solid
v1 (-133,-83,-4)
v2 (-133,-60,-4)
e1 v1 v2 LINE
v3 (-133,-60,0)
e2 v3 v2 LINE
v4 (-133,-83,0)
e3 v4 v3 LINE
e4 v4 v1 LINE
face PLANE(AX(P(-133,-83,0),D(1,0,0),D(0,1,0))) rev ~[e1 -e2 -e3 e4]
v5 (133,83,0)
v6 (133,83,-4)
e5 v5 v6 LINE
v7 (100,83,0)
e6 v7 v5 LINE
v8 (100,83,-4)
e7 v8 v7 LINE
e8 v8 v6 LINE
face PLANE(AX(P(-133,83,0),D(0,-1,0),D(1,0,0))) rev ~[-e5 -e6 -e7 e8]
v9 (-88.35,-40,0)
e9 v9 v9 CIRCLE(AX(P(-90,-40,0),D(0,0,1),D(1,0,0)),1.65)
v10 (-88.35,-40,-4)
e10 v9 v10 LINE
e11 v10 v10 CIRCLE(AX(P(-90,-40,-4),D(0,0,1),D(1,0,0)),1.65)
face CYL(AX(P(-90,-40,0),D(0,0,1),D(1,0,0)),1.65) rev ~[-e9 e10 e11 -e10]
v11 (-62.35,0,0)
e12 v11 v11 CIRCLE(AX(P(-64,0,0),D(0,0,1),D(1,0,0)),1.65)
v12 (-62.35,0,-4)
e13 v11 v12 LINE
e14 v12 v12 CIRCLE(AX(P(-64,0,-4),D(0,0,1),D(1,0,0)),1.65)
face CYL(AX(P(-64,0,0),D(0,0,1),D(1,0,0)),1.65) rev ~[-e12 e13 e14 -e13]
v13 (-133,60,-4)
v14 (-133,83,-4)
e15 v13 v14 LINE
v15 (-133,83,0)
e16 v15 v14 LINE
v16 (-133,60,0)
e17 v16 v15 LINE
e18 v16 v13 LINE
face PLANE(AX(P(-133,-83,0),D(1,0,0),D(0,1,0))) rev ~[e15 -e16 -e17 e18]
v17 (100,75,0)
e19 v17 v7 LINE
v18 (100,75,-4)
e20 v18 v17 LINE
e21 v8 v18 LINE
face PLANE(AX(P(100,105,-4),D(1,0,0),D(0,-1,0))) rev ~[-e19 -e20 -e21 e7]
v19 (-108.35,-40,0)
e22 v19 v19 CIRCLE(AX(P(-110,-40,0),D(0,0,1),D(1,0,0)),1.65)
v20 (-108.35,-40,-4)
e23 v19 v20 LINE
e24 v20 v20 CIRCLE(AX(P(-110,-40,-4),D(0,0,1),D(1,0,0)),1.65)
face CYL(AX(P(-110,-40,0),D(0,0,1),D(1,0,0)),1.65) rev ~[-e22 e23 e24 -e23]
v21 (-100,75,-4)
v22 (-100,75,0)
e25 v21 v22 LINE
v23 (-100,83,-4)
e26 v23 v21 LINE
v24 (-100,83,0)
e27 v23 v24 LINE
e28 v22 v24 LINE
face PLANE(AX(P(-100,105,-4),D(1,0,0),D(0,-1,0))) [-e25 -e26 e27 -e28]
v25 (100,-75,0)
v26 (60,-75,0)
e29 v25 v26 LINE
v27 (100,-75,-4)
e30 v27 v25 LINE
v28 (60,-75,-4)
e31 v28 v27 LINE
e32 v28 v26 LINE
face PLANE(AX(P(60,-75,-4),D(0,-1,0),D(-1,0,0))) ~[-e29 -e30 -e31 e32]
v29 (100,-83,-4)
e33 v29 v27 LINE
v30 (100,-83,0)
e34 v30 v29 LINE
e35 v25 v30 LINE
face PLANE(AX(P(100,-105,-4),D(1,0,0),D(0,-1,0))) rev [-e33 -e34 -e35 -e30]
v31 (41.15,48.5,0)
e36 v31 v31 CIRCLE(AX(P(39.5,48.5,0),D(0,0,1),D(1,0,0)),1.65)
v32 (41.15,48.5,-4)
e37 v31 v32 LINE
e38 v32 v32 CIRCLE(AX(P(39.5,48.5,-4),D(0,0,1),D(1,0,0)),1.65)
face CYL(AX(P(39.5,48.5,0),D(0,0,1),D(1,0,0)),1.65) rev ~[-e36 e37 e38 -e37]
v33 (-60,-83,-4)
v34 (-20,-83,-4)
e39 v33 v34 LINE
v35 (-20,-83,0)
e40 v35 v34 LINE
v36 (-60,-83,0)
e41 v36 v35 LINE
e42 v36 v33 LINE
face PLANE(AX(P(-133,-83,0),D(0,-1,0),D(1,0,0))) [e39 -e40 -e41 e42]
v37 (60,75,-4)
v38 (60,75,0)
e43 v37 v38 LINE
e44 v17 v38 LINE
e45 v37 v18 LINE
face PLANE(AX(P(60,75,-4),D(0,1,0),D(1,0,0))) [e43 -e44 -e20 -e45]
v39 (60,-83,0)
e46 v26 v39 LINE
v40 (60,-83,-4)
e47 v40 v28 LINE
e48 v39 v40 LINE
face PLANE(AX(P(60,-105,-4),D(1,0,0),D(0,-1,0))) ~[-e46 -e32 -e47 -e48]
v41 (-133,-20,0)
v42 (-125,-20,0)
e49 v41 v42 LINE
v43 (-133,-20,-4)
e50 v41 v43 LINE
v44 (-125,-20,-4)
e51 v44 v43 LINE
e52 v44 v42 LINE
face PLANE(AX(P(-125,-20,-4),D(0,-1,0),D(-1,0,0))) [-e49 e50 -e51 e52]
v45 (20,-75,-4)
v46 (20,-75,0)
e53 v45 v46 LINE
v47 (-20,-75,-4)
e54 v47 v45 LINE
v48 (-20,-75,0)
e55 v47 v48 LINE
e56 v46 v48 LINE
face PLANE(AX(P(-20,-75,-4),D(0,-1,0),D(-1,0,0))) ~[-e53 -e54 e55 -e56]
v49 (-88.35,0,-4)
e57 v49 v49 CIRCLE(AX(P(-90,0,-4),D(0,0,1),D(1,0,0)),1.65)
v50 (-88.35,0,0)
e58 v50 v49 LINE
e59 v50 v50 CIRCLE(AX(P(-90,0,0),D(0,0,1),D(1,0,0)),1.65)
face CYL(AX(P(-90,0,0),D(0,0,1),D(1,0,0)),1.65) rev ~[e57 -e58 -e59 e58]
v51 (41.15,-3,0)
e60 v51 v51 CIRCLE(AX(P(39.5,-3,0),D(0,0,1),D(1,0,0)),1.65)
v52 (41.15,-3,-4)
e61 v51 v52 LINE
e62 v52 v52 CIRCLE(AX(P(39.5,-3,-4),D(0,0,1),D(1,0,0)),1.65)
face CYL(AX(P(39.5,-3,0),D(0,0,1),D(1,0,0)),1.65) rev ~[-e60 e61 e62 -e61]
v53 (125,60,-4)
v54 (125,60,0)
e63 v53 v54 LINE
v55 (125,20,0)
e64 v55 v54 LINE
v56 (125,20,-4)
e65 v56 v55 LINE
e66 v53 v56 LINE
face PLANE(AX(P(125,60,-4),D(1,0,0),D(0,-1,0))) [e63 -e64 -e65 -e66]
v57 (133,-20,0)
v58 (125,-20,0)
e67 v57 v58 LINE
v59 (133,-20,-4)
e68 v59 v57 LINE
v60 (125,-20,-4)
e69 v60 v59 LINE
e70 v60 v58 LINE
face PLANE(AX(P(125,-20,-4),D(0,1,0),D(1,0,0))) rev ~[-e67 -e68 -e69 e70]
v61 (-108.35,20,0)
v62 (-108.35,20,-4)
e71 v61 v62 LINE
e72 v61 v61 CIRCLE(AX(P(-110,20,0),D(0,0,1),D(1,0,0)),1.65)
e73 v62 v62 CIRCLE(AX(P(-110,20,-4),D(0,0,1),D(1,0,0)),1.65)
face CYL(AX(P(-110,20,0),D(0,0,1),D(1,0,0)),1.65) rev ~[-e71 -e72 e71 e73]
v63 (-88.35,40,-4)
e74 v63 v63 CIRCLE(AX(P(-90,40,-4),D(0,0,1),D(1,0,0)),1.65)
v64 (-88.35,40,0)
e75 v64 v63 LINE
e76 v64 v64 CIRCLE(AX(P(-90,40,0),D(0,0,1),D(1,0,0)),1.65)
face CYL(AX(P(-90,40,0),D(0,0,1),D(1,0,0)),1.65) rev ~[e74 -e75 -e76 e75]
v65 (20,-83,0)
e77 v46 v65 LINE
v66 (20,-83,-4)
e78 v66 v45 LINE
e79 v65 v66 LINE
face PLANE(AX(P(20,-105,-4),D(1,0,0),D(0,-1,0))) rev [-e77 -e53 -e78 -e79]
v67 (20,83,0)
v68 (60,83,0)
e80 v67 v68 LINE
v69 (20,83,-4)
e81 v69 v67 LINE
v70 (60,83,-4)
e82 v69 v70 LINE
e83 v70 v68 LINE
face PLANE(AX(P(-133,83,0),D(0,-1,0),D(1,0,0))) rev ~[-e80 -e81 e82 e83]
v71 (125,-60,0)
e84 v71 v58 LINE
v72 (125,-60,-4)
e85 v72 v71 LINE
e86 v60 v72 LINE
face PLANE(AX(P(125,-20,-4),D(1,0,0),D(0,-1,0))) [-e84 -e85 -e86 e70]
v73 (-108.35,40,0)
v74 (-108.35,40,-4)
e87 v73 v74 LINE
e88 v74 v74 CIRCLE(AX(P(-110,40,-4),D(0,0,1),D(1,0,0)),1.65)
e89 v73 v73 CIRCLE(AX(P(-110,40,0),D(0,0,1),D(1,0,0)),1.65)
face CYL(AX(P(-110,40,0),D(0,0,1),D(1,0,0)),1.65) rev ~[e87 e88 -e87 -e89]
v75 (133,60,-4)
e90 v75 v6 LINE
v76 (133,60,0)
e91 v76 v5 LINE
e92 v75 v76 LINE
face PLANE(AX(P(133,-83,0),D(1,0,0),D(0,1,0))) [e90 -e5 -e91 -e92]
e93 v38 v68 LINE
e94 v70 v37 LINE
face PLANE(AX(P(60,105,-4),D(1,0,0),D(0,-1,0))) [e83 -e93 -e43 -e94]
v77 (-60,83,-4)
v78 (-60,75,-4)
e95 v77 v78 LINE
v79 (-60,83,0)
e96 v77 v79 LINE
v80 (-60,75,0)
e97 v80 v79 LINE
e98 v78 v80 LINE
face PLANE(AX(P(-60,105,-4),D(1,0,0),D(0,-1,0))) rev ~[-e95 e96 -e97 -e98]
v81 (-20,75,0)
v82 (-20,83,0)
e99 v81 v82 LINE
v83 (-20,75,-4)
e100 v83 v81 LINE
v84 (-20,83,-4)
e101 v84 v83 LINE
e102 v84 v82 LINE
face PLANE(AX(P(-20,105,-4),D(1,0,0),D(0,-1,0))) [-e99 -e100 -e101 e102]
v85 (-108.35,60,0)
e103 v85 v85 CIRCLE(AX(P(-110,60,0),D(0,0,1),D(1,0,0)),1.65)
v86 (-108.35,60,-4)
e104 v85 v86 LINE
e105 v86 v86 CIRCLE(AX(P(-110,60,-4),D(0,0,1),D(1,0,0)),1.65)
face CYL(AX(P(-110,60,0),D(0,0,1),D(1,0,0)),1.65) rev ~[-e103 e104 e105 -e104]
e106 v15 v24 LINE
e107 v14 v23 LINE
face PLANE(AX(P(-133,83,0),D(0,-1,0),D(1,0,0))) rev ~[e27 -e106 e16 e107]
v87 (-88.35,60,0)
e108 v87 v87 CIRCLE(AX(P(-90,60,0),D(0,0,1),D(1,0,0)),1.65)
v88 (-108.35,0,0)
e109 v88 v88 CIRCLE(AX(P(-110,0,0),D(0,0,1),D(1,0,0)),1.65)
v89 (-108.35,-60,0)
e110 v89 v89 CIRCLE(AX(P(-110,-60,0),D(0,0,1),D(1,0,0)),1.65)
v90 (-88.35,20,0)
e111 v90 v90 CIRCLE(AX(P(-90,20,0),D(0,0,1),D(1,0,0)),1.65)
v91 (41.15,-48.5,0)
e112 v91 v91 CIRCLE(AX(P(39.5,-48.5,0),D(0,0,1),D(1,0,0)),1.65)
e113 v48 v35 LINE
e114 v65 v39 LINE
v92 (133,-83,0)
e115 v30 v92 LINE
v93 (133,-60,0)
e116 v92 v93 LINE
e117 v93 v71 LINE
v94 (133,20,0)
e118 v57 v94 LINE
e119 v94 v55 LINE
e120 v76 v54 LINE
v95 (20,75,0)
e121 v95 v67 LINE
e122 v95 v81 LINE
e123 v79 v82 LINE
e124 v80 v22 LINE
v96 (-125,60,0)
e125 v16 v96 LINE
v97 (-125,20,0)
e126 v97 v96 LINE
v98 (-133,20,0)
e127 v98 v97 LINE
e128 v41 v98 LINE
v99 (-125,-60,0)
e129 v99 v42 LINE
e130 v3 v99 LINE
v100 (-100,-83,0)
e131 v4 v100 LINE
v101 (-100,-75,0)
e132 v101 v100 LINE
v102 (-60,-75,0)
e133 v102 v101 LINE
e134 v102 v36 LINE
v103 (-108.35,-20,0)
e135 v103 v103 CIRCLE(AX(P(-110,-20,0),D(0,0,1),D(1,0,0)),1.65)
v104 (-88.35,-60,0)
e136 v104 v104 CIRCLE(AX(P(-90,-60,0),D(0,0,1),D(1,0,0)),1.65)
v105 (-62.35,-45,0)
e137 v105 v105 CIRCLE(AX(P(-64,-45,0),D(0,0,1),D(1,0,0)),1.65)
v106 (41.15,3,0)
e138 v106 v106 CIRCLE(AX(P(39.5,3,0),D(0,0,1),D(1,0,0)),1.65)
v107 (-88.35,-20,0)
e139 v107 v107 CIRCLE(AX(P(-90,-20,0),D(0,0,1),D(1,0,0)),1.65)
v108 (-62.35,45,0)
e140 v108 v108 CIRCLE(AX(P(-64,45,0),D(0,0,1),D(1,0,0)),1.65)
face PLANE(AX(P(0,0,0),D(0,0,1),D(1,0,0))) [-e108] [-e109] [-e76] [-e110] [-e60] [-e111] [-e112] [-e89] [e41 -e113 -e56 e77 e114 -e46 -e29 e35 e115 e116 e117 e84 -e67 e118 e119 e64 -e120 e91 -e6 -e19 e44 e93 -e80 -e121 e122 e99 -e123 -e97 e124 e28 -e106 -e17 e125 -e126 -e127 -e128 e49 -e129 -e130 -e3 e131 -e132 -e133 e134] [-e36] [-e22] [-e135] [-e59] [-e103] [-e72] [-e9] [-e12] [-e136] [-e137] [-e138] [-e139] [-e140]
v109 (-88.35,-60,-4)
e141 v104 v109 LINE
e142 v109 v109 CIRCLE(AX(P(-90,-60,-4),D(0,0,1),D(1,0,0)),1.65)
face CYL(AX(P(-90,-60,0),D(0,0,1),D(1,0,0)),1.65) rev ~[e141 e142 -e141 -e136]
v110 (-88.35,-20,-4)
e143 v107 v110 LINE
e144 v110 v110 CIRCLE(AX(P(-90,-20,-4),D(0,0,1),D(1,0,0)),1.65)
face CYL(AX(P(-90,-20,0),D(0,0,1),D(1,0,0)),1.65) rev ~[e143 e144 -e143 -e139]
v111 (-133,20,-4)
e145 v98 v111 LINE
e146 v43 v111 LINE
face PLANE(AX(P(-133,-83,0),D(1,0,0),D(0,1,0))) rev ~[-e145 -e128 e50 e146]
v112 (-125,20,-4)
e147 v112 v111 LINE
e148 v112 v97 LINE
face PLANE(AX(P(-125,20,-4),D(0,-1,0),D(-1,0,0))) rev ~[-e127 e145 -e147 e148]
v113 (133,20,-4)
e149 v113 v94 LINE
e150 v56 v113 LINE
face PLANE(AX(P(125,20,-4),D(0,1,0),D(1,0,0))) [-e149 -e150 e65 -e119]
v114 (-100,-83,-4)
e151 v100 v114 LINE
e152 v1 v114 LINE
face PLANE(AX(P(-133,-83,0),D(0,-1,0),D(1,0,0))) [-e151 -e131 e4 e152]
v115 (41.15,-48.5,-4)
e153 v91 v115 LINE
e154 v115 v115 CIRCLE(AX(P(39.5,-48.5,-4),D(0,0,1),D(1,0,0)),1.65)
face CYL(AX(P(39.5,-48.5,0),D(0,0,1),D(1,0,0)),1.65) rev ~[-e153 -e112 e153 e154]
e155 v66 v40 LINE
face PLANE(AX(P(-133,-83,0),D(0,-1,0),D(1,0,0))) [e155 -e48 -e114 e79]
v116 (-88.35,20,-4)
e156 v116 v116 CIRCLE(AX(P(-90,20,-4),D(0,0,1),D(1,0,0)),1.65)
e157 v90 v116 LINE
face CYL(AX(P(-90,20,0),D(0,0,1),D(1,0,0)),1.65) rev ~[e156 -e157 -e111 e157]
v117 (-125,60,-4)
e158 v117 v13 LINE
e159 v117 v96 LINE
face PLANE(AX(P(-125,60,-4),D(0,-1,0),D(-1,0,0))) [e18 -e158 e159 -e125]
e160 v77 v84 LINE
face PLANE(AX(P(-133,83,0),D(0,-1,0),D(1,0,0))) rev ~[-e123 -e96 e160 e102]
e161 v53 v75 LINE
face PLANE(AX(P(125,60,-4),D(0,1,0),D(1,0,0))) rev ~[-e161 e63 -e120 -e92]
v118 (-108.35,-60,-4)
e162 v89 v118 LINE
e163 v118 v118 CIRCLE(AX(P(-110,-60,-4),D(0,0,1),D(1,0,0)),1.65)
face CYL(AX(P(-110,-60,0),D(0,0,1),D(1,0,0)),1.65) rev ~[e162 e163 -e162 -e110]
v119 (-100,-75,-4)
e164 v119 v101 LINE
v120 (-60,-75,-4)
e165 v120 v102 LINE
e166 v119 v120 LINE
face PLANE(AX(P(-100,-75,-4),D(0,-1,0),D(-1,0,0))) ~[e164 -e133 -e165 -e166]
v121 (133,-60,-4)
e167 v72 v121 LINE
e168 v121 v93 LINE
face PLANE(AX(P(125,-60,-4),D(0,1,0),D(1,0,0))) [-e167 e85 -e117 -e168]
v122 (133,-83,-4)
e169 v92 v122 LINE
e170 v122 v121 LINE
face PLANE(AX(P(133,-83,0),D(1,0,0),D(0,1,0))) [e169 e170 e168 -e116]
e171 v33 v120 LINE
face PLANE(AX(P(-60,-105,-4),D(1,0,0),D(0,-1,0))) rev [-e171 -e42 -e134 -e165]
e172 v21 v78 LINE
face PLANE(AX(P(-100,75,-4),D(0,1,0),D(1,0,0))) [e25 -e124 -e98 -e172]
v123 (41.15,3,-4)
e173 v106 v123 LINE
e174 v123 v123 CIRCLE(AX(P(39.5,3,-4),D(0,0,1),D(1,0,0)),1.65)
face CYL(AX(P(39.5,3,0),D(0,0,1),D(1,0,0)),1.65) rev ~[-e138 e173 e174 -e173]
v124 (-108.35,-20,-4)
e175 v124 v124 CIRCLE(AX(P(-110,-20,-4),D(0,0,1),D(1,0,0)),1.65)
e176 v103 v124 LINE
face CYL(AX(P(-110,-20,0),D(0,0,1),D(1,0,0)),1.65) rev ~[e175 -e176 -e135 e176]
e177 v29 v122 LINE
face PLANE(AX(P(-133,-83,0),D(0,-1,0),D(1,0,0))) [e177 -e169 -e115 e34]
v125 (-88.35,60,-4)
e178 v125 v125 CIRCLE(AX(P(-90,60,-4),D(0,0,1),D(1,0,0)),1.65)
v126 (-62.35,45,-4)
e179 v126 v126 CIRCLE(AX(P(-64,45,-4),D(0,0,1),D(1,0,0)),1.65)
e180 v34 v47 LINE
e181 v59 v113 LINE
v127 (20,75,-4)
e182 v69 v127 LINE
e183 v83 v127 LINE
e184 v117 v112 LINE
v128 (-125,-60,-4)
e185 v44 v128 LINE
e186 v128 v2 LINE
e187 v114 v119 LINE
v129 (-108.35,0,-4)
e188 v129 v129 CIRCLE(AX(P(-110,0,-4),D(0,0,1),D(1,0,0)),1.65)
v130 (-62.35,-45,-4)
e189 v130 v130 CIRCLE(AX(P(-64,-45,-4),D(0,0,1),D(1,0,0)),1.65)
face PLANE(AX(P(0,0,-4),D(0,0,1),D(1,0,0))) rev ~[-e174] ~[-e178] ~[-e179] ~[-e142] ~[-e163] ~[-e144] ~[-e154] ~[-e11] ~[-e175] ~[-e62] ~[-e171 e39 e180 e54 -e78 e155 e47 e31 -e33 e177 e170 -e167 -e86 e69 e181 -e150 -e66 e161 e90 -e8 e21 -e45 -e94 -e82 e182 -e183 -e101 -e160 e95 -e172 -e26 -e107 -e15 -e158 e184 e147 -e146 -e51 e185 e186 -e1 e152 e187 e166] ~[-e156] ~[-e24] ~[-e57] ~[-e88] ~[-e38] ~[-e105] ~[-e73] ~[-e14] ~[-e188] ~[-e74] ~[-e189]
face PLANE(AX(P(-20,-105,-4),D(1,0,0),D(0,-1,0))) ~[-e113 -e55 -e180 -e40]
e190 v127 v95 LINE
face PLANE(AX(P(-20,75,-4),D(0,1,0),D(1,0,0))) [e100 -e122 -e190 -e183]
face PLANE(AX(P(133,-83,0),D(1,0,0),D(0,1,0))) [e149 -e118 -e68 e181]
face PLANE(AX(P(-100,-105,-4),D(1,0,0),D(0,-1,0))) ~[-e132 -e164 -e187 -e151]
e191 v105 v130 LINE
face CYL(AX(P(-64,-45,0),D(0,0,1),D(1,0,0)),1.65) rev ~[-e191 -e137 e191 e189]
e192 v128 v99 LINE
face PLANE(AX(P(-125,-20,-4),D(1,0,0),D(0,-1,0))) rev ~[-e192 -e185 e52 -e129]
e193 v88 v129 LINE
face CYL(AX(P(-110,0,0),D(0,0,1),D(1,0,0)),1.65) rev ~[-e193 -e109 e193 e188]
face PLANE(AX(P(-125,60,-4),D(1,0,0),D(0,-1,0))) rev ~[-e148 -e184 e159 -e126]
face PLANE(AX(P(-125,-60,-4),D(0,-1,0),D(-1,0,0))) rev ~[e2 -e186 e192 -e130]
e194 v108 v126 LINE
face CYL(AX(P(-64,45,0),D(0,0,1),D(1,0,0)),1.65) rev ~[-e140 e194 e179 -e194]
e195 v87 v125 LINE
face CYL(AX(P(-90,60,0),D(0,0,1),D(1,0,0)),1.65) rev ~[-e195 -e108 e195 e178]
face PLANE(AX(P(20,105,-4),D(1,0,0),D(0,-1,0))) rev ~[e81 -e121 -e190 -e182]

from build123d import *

# Parameters (mm, degrees)
SKETCH001_W                   = 266
SKETCH001_H                   = 166
PAD_DEPTH                     = 4
SKETCH016_W                   = 30
SKETCH016_H                   = 40
SKETCH016_W_2                 = 40
SKETCH016_H_2                 = 30
POCKET001_DEPTH               = 631.146916
SKETCH016_MIRRORED002_2_W     = 30
SKETCH016_MIRRORED002_2_H     = 40
SKETCH016_MIRRORED002_2_W_2   = 40
SKETCH016_MIRRORED002_2_H_2   = 30
POCKET001_MIRRORED002_2_DEPTH = 631.146916
SKETCH035_R                   = 1.65
HOLE001_DEPTH                 = 4.001


with BuildPart() as part:
    # Sketch001 → Pad (new body)
    with BuildSketch(Plane.XY):
        Rectangle(SKETCH001_W, SKETCH001_H)
    extrude(amount=-PAD_DEPTH)

    # Sketch016 (on Face6 of Pad) → Pocket001 (cut, through all)
    with BuildSketch(Plane(origin=(0, 0, -4), x_dir=(1, 0, 0), z_dir=(0, 0, -1))):
        with Locations((140, 40)):
            Rectangle(SKETCH016_W, SKETCH016_H)
        with Locations((140, -40)):
            Rectangle(SKETCH016_W, SKETCH016_H)
        with Locations((80, -90)):
            Rectangle(SKETCH016_W_2, SKETCH016_H_2)
        with Locations((0, -90)):
            Rectangle(SKETCH016_W_2, SKETCH016_H_2)
        with Locations((-80, -90)):
            Rectangle(SKETCH016_W_2, SKETCH016_H_2)
    pocket001 = extrude(amount=-POCKET001_DEPTH, mode=Mode.SUBTRACT)

    # Sketch016 Mirrored002 2 → Pocket001 Mirrored002 2 (cut, through all)
    with BuildSketch(Plane(origin=(0, 0, -4), x_dir=(-1, 0, 0), z_dir=(0, 0, 1))):
        with Locations((140, 40)):
            Rectangle(SKETCH016_MIRRORED002_2_W, SKETCH016_MIRRORED002_2_H)
        with Locations((140, -40)):
            Rectangle(SKETCH016_MIRRORED002_2_W, SKETCH016_MIRRORED002_2_H)
        with Locations((80, -90)):
            Rectangle(SKETCH016_MIRRORED002_2_W_2, SKETCH016_MIRRORED002_2_H_2)
        with Locations((0, -90)):
            Rectangle(SKETCH016_MIRRORED002_2_W_2, SKETCH016_MIRRORED002_2_H_2)
        with Locations((-80, -90)):
            Rectangle(SKETCH016_MIRRORED002_2_W_2, SKETCH016_MIRRORED002_2_H_2)
    pocket001_mirrored002_2 = extrude(amount=POCKET001_MIRRORED002_2_DEPTH, mode=Mode.SUBTRACT)

    # Mirrored003: Pocket001, Pocket001 Mirrored002 2 across Sketch016 H_Axis
    add(pocket001.mirror(Plane(origin=(0, 0, -4), x_dir=(0, 0, -1), z_dir=(0, -1, 0))), mode=Mode.SUBTRACT)
    add(pocket001_mirrored002_2.mirror(Plane(origin=(0, 0, -4), x_dir=(0, 0, -1), z_dir=(0, -1, 0))), mode=Mode.SUBTRACT)

    # Sketch035 (on Face2 of MultiTransform) → Hole001 (cut, through all)
    with BuildSketch(Plane.XY):
        with Locations((-64, 45)):
            Circle(SKETCH035_R)
        with Locations((39.5, 48.5)):
            Circle(SKETCH035_R)
        with Locations((39.5, 3)):
            Circle(SKETCH035_R)
        with Locations((39.5, -3)):
            Circle(SKETCH035_R)
        with Locations((39.5, -48.5)):
            Circle(SKETCH035_R)
        with Locations((-64, -45)):
            Circle(SKETCH035_R)
        with Locations((-64, 0)):
            Circle(SKETCH035_R)
        with Locations((-110, -60)):
            Circle(SKETCH035_R)
        with Locations((-90, -60)):
            Circle(SKETCH035_R)
        with Locations((-110, -40)):
            Circle(SKETCH035_R)
        with Locations((-90, -40)):
            Circle(SKETCH035_R)
        with Locations((-110, -20)):
            Circle(SKETCH035_R)
        with Locations((-90, -20)):
            Circle(SKETCH035_R)
        with Locations((-110, 0)):
            Circle(SKETCH035_R)
        with Locations((-90, 0)):
            Circle(SKETCH035_R)
        with Locations((-110, 20)):
            Circle(SKETCH035_R)
        with Locations((-90, 20)):
            Circle(SKETCH035_R)
        with Locations((-110, 40)):
            Circle(SKETCH035_R)
        with Locations((-90, 40)):
            Circle(SKETCH035_R)
        with Locations((-110, 60)):
            Circle(SKETCH035_R)
        with Locations((-90, 60)):
            Circle(SKETCH035_R)
    extrude(amount=-HOLE001_DEPTH, mode=Mode.SUBTRACT)


solid = part.part
